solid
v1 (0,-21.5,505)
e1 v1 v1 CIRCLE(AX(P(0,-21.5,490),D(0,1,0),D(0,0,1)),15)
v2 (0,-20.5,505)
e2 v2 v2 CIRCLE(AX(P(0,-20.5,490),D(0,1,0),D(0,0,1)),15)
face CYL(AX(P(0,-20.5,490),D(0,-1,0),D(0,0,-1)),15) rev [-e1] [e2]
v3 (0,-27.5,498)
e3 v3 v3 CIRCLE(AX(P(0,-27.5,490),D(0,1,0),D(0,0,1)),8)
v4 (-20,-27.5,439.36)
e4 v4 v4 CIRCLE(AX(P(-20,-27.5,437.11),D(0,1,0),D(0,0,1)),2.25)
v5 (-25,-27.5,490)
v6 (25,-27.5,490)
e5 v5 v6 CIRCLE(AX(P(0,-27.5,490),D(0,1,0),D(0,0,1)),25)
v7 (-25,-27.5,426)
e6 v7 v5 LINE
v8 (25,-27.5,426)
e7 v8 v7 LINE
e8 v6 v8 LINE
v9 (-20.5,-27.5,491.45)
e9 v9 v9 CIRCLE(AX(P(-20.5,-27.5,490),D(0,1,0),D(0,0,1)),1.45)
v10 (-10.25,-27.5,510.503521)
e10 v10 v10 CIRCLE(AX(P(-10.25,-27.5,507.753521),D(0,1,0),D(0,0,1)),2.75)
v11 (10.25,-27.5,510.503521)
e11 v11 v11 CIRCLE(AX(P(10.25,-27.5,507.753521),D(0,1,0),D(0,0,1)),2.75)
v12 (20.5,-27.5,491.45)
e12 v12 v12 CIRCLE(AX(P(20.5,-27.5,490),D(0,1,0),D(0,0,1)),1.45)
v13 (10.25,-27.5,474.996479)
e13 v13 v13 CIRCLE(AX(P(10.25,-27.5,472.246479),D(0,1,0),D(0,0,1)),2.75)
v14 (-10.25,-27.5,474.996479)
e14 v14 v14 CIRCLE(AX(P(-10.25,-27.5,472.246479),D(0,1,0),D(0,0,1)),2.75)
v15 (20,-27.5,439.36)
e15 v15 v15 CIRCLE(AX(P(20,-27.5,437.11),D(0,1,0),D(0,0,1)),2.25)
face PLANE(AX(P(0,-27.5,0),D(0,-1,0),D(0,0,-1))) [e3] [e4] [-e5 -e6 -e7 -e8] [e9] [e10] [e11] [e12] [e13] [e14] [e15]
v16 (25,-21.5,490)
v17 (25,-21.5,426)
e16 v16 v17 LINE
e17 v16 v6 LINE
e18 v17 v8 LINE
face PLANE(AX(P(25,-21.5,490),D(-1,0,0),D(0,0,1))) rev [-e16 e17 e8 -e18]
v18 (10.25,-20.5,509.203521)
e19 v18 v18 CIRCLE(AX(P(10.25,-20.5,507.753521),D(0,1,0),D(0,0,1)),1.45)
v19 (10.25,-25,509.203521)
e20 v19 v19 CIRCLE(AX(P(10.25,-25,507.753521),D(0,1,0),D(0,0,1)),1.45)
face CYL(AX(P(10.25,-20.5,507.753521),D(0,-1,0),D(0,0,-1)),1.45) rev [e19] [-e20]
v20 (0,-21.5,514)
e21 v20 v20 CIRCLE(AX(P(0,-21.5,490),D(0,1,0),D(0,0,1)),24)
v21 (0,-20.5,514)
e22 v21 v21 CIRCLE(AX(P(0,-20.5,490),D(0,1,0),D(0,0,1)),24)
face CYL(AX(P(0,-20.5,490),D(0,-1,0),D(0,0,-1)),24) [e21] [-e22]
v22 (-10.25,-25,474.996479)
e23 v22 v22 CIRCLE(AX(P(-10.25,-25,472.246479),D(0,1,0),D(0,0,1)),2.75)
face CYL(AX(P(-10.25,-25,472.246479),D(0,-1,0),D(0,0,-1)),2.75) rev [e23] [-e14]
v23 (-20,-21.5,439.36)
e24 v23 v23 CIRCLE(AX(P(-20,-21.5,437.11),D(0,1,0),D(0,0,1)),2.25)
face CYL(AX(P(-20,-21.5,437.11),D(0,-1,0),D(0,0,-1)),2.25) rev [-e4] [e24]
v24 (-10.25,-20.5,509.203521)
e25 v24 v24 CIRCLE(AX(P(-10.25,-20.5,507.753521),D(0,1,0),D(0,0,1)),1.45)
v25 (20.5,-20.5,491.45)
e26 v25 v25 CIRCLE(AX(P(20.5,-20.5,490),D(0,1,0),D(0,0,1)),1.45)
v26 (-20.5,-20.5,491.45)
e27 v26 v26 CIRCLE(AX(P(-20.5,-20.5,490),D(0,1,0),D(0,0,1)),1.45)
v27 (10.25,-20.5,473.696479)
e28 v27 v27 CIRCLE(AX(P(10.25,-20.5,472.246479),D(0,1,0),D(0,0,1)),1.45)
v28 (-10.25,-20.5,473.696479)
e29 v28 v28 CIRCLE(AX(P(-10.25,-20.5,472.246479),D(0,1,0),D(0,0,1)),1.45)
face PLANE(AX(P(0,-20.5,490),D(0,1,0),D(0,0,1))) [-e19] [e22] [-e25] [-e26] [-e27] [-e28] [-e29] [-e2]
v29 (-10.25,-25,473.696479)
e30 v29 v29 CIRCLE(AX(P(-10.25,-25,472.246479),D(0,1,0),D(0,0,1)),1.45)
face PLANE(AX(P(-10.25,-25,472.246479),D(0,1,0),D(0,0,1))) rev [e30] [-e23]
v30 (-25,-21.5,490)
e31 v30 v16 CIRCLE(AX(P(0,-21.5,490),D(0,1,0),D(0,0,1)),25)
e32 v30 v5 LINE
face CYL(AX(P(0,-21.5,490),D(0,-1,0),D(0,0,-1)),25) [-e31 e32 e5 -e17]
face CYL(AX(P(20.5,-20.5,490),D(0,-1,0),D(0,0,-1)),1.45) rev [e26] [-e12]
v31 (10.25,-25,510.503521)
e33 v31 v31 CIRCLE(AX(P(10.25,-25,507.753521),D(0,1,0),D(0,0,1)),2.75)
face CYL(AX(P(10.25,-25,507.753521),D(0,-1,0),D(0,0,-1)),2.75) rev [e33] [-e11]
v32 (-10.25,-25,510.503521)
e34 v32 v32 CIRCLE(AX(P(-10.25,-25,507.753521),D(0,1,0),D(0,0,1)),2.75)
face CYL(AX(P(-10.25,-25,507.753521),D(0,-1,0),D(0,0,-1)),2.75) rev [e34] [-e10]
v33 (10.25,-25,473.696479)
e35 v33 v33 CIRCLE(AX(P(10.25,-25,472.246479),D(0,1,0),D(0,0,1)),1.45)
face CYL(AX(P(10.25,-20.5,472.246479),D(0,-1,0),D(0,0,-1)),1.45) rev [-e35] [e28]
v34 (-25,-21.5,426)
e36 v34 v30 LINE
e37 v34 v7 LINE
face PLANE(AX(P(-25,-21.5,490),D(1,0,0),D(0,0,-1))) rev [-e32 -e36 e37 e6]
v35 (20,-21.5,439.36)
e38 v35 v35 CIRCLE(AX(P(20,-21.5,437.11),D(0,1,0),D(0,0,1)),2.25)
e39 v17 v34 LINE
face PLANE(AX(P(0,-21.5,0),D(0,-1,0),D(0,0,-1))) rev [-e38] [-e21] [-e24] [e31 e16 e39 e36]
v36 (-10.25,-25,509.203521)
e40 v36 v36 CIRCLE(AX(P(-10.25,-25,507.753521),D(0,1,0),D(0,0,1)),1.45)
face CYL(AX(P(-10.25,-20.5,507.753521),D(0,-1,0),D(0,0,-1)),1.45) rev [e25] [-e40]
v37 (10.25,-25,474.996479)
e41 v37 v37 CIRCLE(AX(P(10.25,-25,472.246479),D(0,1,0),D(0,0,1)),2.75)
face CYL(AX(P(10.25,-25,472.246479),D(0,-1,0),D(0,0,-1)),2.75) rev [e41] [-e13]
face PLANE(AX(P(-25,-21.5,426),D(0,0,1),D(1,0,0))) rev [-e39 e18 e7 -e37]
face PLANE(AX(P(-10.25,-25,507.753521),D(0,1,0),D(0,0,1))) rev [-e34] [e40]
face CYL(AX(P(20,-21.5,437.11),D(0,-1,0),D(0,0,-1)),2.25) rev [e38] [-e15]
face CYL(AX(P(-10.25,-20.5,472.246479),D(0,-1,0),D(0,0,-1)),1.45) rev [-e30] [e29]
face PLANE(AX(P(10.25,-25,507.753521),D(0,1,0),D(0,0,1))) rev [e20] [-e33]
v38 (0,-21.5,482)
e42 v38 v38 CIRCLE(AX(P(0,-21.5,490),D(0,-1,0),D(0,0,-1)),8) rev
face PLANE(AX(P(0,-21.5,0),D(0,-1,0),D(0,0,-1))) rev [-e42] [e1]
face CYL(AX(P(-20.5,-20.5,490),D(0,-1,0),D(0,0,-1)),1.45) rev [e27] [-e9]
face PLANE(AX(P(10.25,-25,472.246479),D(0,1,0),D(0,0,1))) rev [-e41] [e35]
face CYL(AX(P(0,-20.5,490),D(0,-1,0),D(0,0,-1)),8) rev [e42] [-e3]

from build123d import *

# Parameters (mm, degrees)
PARED_START                    = -27.5
SK_PARED_W                     = 50
SK_PARED_H                     = 64
PARED_DEPTH                    = 6
CABEZA_START                   = -27.5
SK_CABEZA_R                    = 25
CABEZA_DEPTH                   = 6
ASIENTO_1MM_START              = -21.5
SK_ASIENTO_1MM_R               = 24
SK_ASIENTO_1MM_R_2             = 15
ASIENTO_1MM_DEPTH              = 1
PASO_CENTRAL_START             = -27.5
SK_PASO_CENTRAL_R              = 8
PASO_CENTRAL_DEPTH             = 7
PASANTES_M2_5_ESTATOR_J5_START = -27.5
SK_PASANTES_M2_5_ESTATOR_J5_R  = 1.45
PASANTES_M2_5_ESTATOR_J5_DEPTH = 7
CAJAS_M2_5_J5_START            = -27.5
SK_CAJAS_M2_5_J5_R             = 2.75
CAJAS_M2_5_J5_DEPTH            = 2.5
PASANTES_M4_ANGULOS_START      = -27.5
SK_PASANTES_M4_ANGULOS_R       = 2.25
PASANTES_M4_ANGULOS_DEPTH      = 6


with BuildPart() as part:
    # Sk_Pared → Pared (new body)
    with BuildSketch(Plane(origin=(0, 0, 0), x_dir=(1, 0, 0), z_dir=(0, 1, 0)).offset(PARED_START)):
        with Locations((0, -458)):
            Rectangle(SK_PARED_W, SK_PARED_H)
    extrude(amount=PARED_DEPTH)

    # Sk_Cabeza → Cabeza (add)
    with BuildSketch(Plane(origin=(0, 0, 0), x_dir=(1, 0, 0), z_dir=(0, 1, 0)).offset(CABEZA_START)):
        with Locations((0, -490)):
            Circle(SK_CABEZA_R)
    extrude(amount=CABEZA_DEPTH)

    # Sk_Asiento_1mm → Asiento_1mm (add)
    with BuildSketch(Plane(origin=(0, 0, 0), x_dir=(1, 0, 0), z_dir=(0, 1, 0)).offset(ASIENTO_1MM_START)):
        with Locations(Location((0, -490, 0), (0, 0, 270))):
            Circle(SK_ASIENTO_1MM_R)
        with Locations(Location((0, -490, 0), (0, 0, 270))):
            Circle(SK_ASIENTO_1MM_R_2, mode=Mode.SUBTRACT)
    extrude(amount=ASIENTO_1MM_DEPTH)

    # Sk_Paso_central → Paso_central (cut)
    with BuildSketch(Plane(origin=(0, 0, 0), x_dir=(1, 0, 0), z_dir=(0, 1, 0)).offset(PASO_CENTRAL_START)):
        with Locations(Location((0, -490, 0), (0, 0, 90))):
            Circle(SK_PASO_CENTRAL_R)
    extrude(amount=PASO_CENTRAL_DEPTH, mode=Mode.SUBTRACT)

    # Sk_Pasantes_M2-5_estator_J5 → Pasantes_M2-5_estator_J5 (cut)
    with BuildSketch(Plane(origin=(0, 0, 0), x_dir=(1, 0, 0), z_dir=(0, 1, 0)).offset(PASANTES_M2_5_ESTATOR_J5_START)):
        with Locations(Location((20.5, -490, 0), (0, 0, 270))):
            Circle(SK_PASANTES_M2_5_ESTATOR_J5_R)
        with Locations(Location((10.25, -507.753520778, 0), (0, 0, 270))):
            Circle(SK_PASANTES_M2_5_ESTATOR_J5_R)
        with Locations(Location((-10.25, -507.753520778, 0), (0, 0, 270))):
            Circle(SK_PASANTES_M2_5_ESTATOR_J5_R)
        with Locations(Location((-20.5, -490, 0), (0, 0, 270))):
            Circle(SK_PASANTES_M2_5_ESTATOR_J5_R)
        with Locations(Location((-10.25, -472.246479222, 0), (0, 0, 270))):
            Circle(SK_PASANTES_M2_5_ESTATOR_J5_R)
        with Locations(Location((10.25, -472.246479222, 0), (0, 0, 270))):
            Circle(SK_PASANTES_M2_5_ESTATOR_J5_R)
    extrude(amount=PASANTES_M2_5_ESTATOR_J5_DEPTH, mode=Mode.SUBTRACT)

    # Sk_Cajas_M2-5_J5 → Cajas_M2-5_J5 (cut)
    with BuildSketch(Plane(origin=(0, 0, 0), x_dir=(1, 0, 0), z_dir=(0, 1, 0)).offset(CAJAS_M2_5_J5_START)):
        with Locations(Location((10.25, -507.753520778, 0), (0, 0, 270))):
            Circle(SK_CAJAS_M2_5_J5_R)
        with Locations(Location((-10.25, -507.753520778, 0), (0, 0, 270))):
            Circle(SK_CAJAS_M2_5_J5_R)
        with Locations(Location((-10.25, -472.246479222, 0), (0, 0, 270))):
            Circle(SK_CAJAS_M2_5_J5_R)
        with Locations(Location((10.25, -472.246479222, 0), (0, 0, 270))):
            Circle(SK_CAJAS_M2_5_J5_R)
    extrude(amount=CAJAS_M2_5_J5_DEPTH, mode=Mode.SUBTRACT)

    # Sk_Pasantes_M4_angulos → Pasantes_M4_angulos (cut)
    with BuildSketch(Plane(origin=(0, 0, 0), x_dir=(1, 0, 0), z_dir=(0, 1, 0)).offset(PASANTES_M4_ANGULOS_START)):
        with Locations(Location((-20, -437.11, 0), (0, 0, 270))):
            Circle(SK_PASANTES_M4_ANGULOS_R)
        with Locations(Location((20, -437.11, 0), (0, 0, 270))):
            Circle(SK_PASANTES_M4_ANGULOS_R)
    extrude(amount=PASANTES_M4_ANGULOS_DEPTH, mode=Mode.SUBTRACT)


solid = part.part
